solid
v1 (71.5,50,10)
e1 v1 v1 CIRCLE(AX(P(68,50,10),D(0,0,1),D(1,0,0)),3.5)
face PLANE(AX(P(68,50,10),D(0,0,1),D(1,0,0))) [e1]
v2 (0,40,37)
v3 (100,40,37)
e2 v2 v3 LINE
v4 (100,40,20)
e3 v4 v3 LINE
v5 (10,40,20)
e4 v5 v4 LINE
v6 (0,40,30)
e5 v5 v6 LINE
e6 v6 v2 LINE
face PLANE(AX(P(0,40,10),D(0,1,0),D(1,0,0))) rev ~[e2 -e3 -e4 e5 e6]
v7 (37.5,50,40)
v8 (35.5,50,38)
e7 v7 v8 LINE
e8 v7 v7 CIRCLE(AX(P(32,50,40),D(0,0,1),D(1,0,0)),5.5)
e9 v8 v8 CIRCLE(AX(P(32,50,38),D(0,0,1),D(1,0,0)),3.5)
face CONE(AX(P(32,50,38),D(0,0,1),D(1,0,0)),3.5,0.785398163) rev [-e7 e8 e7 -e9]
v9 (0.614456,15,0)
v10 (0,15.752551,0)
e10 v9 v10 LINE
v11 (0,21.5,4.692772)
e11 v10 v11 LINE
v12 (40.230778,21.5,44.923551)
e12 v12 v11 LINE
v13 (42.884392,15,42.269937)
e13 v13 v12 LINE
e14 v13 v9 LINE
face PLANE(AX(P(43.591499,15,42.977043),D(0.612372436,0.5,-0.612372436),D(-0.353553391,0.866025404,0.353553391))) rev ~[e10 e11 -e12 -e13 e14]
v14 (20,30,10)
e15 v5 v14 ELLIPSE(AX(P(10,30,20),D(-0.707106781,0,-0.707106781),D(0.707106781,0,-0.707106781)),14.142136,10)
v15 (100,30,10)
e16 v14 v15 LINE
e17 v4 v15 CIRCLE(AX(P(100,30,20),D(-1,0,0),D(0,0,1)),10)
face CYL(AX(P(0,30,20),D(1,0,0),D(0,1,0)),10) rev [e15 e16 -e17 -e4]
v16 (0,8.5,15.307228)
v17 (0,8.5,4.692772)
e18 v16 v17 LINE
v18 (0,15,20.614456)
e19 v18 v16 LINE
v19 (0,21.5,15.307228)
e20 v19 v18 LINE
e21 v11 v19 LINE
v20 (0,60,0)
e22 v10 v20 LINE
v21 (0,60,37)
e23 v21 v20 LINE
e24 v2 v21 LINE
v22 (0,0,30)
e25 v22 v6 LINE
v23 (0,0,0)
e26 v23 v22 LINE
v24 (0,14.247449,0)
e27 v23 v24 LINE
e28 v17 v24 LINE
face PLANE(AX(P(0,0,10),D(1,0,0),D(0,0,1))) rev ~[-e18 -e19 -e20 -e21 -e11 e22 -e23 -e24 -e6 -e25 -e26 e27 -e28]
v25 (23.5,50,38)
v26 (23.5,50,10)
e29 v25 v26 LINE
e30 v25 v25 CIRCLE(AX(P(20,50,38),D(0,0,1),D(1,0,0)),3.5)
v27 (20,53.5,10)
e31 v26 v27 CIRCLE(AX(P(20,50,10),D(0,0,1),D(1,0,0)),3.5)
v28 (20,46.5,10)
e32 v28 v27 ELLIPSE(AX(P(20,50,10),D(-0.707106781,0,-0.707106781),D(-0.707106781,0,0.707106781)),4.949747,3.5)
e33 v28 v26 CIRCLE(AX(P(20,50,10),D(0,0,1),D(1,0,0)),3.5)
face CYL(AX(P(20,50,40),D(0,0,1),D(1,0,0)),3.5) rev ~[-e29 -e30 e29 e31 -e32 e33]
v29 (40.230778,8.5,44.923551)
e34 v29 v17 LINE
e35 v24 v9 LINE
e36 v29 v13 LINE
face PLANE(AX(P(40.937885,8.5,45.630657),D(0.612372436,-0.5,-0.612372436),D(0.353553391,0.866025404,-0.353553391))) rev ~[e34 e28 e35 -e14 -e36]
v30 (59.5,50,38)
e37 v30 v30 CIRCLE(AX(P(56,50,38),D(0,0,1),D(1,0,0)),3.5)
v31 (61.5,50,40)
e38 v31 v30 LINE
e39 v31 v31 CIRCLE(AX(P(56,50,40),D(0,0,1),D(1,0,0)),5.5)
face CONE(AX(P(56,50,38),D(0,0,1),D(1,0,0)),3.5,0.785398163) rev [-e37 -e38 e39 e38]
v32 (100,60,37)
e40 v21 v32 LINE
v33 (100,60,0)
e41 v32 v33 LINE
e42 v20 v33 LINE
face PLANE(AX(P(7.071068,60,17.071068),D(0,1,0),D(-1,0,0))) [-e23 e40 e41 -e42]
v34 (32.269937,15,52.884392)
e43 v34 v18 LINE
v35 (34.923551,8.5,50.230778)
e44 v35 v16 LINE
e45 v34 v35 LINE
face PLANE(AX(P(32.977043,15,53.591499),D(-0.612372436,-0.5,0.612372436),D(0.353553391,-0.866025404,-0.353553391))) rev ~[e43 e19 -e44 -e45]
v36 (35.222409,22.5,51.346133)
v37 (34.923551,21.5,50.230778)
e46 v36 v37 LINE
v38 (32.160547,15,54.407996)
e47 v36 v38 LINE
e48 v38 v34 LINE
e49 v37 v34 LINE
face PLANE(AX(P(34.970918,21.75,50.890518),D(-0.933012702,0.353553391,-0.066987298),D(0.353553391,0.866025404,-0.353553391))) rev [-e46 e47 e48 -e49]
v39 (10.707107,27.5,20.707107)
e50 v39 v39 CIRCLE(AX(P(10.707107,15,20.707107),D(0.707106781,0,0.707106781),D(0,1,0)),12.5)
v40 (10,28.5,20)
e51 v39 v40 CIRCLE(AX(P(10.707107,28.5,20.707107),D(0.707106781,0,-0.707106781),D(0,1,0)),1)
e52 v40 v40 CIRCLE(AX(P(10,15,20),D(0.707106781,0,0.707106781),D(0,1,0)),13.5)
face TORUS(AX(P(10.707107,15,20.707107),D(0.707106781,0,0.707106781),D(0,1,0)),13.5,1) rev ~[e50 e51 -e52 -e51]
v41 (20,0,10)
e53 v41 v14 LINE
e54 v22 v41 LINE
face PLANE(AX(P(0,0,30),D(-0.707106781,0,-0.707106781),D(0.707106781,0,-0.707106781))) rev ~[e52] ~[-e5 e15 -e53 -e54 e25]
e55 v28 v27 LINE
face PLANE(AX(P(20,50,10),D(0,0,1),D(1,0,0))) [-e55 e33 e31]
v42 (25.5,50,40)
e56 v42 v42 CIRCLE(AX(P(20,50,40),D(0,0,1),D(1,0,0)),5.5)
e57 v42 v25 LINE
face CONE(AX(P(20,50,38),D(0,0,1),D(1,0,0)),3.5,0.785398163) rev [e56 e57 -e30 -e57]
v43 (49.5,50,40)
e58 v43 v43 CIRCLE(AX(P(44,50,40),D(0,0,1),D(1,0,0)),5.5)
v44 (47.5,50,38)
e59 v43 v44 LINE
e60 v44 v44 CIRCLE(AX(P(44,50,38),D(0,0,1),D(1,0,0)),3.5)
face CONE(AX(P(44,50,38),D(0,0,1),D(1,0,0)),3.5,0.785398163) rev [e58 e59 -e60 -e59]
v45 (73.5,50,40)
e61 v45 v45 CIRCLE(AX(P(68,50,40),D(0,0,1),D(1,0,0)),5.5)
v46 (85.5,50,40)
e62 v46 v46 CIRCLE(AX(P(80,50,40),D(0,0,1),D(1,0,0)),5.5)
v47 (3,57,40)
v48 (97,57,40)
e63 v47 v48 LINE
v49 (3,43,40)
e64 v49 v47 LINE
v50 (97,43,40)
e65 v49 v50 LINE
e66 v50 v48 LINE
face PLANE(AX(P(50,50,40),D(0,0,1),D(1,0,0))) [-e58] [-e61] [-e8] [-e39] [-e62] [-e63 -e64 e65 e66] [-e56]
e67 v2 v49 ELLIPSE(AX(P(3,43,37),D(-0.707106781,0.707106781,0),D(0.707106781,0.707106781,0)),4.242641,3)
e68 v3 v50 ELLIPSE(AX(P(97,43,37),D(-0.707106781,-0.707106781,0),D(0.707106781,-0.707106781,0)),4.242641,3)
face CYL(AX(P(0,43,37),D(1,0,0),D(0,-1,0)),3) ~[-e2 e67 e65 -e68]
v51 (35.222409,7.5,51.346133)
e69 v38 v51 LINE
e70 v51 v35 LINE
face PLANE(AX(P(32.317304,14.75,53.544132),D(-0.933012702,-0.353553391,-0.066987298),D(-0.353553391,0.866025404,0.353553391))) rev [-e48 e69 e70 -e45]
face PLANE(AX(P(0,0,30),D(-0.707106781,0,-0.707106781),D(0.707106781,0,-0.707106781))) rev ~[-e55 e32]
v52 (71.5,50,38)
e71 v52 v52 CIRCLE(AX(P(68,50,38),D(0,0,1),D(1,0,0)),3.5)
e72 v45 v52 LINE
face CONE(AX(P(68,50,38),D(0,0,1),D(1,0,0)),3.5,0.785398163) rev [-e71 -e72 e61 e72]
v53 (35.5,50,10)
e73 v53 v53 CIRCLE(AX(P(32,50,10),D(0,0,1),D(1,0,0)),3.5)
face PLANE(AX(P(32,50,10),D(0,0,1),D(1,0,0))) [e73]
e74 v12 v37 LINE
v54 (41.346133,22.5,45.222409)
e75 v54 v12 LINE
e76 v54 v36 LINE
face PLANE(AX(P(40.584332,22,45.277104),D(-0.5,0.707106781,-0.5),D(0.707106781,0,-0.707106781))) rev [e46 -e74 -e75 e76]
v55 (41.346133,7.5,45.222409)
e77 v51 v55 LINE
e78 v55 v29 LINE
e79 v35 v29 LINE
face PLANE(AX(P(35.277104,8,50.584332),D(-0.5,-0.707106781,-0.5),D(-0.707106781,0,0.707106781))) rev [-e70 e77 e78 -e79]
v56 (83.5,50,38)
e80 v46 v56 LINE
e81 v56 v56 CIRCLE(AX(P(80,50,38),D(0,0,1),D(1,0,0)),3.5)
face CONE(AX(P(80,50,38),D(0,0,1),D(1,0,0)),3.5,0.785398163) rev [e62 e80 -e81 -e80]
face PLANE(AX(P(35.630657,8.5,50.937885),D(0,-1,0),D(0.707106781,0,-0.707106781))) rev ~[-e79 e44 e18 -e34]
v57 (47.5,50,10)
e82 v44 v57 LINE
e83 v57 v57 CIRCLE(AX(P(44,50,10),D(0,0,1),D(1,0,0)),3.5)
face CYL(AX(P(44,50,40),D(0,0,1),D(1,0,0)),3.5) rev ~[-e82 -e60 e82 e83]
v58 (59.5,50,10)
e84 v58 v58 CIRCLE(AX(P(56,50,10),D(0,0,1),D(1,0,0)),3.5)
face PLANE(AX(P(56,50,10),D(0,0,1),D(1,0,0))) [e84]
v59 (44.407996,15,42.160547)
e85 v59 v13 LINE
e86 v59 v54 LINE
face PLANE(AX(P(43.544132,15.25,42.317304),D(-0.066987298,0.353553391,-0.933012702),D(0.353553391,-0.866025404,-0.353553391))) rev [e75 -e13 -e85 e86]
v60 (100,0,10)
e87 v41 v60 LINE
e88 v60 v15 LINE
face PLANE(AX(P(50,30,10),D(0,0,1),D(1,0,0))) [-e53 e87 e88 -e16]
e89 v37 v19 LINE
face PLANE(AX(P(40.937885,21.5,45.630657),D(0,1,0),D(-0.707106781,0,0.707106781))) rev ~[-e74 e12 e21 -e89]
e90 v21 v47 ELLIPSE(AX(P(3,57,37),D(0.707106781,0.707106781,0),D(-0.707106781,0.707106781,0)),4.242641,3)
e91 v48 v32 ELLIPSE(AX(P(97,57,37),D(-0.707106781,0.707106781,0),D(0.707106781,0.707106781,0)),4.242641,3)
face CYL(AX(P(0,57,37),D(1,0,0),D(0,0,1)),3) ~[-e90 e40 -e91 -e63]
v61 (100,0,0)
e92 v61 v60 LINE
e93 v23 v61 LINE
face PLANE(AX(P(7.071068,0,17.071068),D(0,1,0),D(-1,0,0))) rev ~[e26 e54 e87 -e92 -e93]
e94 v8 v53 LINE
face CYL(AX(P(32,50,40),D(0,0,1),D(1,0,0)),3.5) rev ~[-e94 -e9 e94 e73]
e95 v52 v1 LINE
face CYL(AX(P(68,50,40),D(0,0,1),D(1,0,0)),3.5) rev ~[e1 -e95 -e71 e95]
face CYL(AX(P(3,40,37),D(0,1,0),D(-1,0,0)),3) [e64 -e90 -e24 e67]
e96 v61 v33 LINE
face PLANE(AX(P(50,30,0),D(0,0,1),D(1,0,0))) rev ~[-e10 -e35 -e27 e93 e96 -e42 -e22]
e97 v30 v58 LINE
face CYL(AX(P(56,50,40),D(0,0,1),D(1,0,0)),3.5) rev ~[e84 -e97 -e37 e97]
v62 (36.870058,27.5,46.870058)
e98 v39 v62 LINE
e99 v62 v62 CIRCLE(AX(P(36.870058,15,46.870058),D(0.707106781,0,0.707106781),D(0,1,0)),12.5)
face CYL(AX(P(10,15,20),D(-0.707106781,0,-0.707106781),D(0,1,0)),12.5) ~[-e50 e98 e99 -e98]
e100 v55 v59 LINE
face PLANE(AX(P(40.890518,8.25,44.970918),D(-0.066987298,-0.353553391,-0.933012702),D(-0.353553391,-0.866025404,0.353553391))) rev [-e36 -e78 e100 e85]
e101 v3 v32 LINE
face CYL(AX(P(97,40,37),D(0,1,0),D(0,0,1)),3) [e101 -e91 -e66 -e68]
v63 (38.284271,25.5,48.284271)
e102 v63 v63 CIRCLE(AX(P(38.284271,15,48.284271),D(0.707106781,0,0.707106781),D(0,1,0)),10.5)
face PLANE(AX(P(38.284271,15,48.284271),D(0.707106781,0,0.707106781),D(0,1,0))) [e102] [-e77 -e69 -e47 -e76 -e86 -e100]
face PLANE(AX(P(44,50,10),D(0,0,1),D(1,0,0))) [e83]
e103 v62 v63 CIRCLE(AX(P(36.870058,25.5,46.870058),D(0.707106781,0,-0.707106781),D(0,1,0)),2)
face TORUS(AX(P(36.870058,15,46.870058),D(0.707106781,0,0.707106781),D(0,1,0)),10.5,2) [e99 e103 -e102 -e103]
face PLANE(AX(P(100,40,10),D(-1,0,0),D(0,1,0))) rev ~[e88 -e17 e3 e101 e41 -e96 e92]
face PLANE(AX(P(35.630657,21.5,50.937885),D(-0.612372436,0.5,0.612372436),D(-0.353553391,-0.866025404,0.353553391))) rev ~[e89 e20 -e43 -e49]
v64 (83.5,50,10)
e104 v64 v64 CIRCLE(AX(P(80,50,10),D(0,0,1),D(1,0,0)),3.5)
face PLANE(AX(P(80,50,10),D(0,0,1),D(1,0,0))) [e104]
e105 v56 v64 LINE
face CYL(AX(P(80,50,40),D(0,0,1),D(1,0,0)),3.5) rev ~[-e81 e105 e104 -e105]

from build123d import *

# Parameters (mm, degrees)
SKETCH_W            = 100
SKETCH_H            = 60
PAD_DEPTH           = 10
SKETCH001_W         = 100
SKETCH001_H         = 20
PAD001_DEPTH        = 30
SKETCH002_R         = 3.5
POCKET_DEPTH        = 30
LINEARPATTERN_COUNT = 6
LINEARPATTERN_PITCH = 12
CHAMFER_SIZE        = 2
FILLET_R            = 10
FILLET001_R         = 3
PAD002_DEPTH        = 60
SKETCH004_R         = 12.5
PAD003_DEPTH        = 40
POCKET001_DEPTH     = 61.2142034356
FILLET002_R         = 2
CHAMFER001_SIZE     = 1
FILLET003_R         = 1


with BuildPart() as part:
    # Sketch → Pad (new body)
    with BuildSketch(Plane.XY):
        with Locations((50, 30)):
            Rectangle(SKETCH_W, SKETCH_H)
    extrude(amount=PAD_DEPTH)

    # Sketch001 (on Face6 of Pad) → Pad001 (join)
    with BuildSketch(Plane.XY.offset(10)):
        with Locations((50, 50)):
            Rectangle(SKETCH001_W, SKETCH001_H)
    extrude(amount=PAD001_DEPTH)

    # Sketch002 (on Face11 of Pad001) → Pocket (cut)
    with BuildSketch(Plane.XY.offset(40)):
        with Locations((80, 50)):
            Circle(SKETCH002_R)
    pocket = extrude(amount=-POCKET_DEPTH, mode=Mode.SUBTRACT)

    # LinearPattern: Pocket ×6
    with Locations(*[(-i * LINEARPATTERN_PITCH, 0, 0) for i in range(1, LINEARPATTERN_COUNT)]):
        add(pocket, mode=Mode.SUBTRACT)

    # Chamfer
    chamfer_edges = [part.edges().sort_by_distance(p)[0] for p in [
        (28.5, 50, 40),
        (16.5, 50, 40),
        (40.5, 50, 40),
        (52.5, 50, 40),
        (64.5, 50, 40),
        (76.5, 50, 40),
    ]]
    chamfer(chamfer_edges, length=CHAMFER_SIZE)

    # Fillet
    fillet_edges = [part.edges().sort_by_distance(p)[0] for p in [
        (50, 40, 10),
    ]]
    fillet(fillet_edges, radius=FILLET_R)

    # Fillet001
    fillet001_edges = [part.edges().sort_by_distance(p)[0] for p in [
        (0, 50, 40),
        (50, 60, 40),
        (50, 40, 40),
        (100, 50, 40),
    ]]
    fillet(fillet001_edges, radius=FILLET001_R)

    # Sketch003 (on Face13 of Fillet001) → Pad002 (join)
    with BuildSketch(Plane.XZ):
        Polygon((0, 10), (0, 30), (20, 10), align=None)
    extrude(amount=-PAD002_DEPTH)

    # Sketch004 (on Face7 of Pad002) → Pad003 (join)
    with BuildSketch(Plane(origin=(15, 0, 15), x_dir=(0, 1, 0), z_dir=(0.7071067812, 0, 0.7071067812))):
        with Locations((15, 7.0710678119)):
            Circle(SKETCH004_R)
    extrude(amount=PAD003_DEPTH)

    # Sketch005 (on Face22 of Pad003) → Pocket001 (cut, through all)
    with BuildSketch(Plane(origin=(43.2842712475, 0, 43.2842712475), x_dir=(0.7071067812, 0, -0.7071067812), z_dir=(0.7071067812, 0, 0.7071067812))):
        Polygon((-3.3182910621, 21.5), (-10.8238445616, 21.5), (-14.5766213113, 15), (-10.8238445616, 8.5), (-3.3182910621, 8.5), (0.4344856876, 15), align=None)
    extrude(amount=-POCKET001_DEPTH, mode=Mode.SUBTRACT)

    # Fillet002
    fillet002_edges = [part.edges().sort_by_distance(p)[0] for p in [
        (38.284271, 2.5, 48.284271),
    ]]
    fillet(fillet002_edges, radius=FILLET002_R)

    # Chamfer001
    chamfer001_edges = [part.edges().sort_by_distance(p)[0] for p in [
        (38.284271, 21.5, 48.284271),
        (34.30385, 18.25, 52.264692),
        (34.30385, 11.75, 52.264692),
        (38.284271, 8.5, 48.284271),
        (42.264692, 11.75, 44.30385),
        (42.264692, 18.25, 44.30385),
    ]]
    chamfer(chamfer001_edges, length=CHAMFER001_SIZE)

    # Fillet003
    fillet003_edges = [part.edges().sort_by_distance(p)[0] for p in [
        (10, 2.5, 20),
    ]]
    fillet(fillet003_edges, radius=FILLET003_R)


solid = part.part
